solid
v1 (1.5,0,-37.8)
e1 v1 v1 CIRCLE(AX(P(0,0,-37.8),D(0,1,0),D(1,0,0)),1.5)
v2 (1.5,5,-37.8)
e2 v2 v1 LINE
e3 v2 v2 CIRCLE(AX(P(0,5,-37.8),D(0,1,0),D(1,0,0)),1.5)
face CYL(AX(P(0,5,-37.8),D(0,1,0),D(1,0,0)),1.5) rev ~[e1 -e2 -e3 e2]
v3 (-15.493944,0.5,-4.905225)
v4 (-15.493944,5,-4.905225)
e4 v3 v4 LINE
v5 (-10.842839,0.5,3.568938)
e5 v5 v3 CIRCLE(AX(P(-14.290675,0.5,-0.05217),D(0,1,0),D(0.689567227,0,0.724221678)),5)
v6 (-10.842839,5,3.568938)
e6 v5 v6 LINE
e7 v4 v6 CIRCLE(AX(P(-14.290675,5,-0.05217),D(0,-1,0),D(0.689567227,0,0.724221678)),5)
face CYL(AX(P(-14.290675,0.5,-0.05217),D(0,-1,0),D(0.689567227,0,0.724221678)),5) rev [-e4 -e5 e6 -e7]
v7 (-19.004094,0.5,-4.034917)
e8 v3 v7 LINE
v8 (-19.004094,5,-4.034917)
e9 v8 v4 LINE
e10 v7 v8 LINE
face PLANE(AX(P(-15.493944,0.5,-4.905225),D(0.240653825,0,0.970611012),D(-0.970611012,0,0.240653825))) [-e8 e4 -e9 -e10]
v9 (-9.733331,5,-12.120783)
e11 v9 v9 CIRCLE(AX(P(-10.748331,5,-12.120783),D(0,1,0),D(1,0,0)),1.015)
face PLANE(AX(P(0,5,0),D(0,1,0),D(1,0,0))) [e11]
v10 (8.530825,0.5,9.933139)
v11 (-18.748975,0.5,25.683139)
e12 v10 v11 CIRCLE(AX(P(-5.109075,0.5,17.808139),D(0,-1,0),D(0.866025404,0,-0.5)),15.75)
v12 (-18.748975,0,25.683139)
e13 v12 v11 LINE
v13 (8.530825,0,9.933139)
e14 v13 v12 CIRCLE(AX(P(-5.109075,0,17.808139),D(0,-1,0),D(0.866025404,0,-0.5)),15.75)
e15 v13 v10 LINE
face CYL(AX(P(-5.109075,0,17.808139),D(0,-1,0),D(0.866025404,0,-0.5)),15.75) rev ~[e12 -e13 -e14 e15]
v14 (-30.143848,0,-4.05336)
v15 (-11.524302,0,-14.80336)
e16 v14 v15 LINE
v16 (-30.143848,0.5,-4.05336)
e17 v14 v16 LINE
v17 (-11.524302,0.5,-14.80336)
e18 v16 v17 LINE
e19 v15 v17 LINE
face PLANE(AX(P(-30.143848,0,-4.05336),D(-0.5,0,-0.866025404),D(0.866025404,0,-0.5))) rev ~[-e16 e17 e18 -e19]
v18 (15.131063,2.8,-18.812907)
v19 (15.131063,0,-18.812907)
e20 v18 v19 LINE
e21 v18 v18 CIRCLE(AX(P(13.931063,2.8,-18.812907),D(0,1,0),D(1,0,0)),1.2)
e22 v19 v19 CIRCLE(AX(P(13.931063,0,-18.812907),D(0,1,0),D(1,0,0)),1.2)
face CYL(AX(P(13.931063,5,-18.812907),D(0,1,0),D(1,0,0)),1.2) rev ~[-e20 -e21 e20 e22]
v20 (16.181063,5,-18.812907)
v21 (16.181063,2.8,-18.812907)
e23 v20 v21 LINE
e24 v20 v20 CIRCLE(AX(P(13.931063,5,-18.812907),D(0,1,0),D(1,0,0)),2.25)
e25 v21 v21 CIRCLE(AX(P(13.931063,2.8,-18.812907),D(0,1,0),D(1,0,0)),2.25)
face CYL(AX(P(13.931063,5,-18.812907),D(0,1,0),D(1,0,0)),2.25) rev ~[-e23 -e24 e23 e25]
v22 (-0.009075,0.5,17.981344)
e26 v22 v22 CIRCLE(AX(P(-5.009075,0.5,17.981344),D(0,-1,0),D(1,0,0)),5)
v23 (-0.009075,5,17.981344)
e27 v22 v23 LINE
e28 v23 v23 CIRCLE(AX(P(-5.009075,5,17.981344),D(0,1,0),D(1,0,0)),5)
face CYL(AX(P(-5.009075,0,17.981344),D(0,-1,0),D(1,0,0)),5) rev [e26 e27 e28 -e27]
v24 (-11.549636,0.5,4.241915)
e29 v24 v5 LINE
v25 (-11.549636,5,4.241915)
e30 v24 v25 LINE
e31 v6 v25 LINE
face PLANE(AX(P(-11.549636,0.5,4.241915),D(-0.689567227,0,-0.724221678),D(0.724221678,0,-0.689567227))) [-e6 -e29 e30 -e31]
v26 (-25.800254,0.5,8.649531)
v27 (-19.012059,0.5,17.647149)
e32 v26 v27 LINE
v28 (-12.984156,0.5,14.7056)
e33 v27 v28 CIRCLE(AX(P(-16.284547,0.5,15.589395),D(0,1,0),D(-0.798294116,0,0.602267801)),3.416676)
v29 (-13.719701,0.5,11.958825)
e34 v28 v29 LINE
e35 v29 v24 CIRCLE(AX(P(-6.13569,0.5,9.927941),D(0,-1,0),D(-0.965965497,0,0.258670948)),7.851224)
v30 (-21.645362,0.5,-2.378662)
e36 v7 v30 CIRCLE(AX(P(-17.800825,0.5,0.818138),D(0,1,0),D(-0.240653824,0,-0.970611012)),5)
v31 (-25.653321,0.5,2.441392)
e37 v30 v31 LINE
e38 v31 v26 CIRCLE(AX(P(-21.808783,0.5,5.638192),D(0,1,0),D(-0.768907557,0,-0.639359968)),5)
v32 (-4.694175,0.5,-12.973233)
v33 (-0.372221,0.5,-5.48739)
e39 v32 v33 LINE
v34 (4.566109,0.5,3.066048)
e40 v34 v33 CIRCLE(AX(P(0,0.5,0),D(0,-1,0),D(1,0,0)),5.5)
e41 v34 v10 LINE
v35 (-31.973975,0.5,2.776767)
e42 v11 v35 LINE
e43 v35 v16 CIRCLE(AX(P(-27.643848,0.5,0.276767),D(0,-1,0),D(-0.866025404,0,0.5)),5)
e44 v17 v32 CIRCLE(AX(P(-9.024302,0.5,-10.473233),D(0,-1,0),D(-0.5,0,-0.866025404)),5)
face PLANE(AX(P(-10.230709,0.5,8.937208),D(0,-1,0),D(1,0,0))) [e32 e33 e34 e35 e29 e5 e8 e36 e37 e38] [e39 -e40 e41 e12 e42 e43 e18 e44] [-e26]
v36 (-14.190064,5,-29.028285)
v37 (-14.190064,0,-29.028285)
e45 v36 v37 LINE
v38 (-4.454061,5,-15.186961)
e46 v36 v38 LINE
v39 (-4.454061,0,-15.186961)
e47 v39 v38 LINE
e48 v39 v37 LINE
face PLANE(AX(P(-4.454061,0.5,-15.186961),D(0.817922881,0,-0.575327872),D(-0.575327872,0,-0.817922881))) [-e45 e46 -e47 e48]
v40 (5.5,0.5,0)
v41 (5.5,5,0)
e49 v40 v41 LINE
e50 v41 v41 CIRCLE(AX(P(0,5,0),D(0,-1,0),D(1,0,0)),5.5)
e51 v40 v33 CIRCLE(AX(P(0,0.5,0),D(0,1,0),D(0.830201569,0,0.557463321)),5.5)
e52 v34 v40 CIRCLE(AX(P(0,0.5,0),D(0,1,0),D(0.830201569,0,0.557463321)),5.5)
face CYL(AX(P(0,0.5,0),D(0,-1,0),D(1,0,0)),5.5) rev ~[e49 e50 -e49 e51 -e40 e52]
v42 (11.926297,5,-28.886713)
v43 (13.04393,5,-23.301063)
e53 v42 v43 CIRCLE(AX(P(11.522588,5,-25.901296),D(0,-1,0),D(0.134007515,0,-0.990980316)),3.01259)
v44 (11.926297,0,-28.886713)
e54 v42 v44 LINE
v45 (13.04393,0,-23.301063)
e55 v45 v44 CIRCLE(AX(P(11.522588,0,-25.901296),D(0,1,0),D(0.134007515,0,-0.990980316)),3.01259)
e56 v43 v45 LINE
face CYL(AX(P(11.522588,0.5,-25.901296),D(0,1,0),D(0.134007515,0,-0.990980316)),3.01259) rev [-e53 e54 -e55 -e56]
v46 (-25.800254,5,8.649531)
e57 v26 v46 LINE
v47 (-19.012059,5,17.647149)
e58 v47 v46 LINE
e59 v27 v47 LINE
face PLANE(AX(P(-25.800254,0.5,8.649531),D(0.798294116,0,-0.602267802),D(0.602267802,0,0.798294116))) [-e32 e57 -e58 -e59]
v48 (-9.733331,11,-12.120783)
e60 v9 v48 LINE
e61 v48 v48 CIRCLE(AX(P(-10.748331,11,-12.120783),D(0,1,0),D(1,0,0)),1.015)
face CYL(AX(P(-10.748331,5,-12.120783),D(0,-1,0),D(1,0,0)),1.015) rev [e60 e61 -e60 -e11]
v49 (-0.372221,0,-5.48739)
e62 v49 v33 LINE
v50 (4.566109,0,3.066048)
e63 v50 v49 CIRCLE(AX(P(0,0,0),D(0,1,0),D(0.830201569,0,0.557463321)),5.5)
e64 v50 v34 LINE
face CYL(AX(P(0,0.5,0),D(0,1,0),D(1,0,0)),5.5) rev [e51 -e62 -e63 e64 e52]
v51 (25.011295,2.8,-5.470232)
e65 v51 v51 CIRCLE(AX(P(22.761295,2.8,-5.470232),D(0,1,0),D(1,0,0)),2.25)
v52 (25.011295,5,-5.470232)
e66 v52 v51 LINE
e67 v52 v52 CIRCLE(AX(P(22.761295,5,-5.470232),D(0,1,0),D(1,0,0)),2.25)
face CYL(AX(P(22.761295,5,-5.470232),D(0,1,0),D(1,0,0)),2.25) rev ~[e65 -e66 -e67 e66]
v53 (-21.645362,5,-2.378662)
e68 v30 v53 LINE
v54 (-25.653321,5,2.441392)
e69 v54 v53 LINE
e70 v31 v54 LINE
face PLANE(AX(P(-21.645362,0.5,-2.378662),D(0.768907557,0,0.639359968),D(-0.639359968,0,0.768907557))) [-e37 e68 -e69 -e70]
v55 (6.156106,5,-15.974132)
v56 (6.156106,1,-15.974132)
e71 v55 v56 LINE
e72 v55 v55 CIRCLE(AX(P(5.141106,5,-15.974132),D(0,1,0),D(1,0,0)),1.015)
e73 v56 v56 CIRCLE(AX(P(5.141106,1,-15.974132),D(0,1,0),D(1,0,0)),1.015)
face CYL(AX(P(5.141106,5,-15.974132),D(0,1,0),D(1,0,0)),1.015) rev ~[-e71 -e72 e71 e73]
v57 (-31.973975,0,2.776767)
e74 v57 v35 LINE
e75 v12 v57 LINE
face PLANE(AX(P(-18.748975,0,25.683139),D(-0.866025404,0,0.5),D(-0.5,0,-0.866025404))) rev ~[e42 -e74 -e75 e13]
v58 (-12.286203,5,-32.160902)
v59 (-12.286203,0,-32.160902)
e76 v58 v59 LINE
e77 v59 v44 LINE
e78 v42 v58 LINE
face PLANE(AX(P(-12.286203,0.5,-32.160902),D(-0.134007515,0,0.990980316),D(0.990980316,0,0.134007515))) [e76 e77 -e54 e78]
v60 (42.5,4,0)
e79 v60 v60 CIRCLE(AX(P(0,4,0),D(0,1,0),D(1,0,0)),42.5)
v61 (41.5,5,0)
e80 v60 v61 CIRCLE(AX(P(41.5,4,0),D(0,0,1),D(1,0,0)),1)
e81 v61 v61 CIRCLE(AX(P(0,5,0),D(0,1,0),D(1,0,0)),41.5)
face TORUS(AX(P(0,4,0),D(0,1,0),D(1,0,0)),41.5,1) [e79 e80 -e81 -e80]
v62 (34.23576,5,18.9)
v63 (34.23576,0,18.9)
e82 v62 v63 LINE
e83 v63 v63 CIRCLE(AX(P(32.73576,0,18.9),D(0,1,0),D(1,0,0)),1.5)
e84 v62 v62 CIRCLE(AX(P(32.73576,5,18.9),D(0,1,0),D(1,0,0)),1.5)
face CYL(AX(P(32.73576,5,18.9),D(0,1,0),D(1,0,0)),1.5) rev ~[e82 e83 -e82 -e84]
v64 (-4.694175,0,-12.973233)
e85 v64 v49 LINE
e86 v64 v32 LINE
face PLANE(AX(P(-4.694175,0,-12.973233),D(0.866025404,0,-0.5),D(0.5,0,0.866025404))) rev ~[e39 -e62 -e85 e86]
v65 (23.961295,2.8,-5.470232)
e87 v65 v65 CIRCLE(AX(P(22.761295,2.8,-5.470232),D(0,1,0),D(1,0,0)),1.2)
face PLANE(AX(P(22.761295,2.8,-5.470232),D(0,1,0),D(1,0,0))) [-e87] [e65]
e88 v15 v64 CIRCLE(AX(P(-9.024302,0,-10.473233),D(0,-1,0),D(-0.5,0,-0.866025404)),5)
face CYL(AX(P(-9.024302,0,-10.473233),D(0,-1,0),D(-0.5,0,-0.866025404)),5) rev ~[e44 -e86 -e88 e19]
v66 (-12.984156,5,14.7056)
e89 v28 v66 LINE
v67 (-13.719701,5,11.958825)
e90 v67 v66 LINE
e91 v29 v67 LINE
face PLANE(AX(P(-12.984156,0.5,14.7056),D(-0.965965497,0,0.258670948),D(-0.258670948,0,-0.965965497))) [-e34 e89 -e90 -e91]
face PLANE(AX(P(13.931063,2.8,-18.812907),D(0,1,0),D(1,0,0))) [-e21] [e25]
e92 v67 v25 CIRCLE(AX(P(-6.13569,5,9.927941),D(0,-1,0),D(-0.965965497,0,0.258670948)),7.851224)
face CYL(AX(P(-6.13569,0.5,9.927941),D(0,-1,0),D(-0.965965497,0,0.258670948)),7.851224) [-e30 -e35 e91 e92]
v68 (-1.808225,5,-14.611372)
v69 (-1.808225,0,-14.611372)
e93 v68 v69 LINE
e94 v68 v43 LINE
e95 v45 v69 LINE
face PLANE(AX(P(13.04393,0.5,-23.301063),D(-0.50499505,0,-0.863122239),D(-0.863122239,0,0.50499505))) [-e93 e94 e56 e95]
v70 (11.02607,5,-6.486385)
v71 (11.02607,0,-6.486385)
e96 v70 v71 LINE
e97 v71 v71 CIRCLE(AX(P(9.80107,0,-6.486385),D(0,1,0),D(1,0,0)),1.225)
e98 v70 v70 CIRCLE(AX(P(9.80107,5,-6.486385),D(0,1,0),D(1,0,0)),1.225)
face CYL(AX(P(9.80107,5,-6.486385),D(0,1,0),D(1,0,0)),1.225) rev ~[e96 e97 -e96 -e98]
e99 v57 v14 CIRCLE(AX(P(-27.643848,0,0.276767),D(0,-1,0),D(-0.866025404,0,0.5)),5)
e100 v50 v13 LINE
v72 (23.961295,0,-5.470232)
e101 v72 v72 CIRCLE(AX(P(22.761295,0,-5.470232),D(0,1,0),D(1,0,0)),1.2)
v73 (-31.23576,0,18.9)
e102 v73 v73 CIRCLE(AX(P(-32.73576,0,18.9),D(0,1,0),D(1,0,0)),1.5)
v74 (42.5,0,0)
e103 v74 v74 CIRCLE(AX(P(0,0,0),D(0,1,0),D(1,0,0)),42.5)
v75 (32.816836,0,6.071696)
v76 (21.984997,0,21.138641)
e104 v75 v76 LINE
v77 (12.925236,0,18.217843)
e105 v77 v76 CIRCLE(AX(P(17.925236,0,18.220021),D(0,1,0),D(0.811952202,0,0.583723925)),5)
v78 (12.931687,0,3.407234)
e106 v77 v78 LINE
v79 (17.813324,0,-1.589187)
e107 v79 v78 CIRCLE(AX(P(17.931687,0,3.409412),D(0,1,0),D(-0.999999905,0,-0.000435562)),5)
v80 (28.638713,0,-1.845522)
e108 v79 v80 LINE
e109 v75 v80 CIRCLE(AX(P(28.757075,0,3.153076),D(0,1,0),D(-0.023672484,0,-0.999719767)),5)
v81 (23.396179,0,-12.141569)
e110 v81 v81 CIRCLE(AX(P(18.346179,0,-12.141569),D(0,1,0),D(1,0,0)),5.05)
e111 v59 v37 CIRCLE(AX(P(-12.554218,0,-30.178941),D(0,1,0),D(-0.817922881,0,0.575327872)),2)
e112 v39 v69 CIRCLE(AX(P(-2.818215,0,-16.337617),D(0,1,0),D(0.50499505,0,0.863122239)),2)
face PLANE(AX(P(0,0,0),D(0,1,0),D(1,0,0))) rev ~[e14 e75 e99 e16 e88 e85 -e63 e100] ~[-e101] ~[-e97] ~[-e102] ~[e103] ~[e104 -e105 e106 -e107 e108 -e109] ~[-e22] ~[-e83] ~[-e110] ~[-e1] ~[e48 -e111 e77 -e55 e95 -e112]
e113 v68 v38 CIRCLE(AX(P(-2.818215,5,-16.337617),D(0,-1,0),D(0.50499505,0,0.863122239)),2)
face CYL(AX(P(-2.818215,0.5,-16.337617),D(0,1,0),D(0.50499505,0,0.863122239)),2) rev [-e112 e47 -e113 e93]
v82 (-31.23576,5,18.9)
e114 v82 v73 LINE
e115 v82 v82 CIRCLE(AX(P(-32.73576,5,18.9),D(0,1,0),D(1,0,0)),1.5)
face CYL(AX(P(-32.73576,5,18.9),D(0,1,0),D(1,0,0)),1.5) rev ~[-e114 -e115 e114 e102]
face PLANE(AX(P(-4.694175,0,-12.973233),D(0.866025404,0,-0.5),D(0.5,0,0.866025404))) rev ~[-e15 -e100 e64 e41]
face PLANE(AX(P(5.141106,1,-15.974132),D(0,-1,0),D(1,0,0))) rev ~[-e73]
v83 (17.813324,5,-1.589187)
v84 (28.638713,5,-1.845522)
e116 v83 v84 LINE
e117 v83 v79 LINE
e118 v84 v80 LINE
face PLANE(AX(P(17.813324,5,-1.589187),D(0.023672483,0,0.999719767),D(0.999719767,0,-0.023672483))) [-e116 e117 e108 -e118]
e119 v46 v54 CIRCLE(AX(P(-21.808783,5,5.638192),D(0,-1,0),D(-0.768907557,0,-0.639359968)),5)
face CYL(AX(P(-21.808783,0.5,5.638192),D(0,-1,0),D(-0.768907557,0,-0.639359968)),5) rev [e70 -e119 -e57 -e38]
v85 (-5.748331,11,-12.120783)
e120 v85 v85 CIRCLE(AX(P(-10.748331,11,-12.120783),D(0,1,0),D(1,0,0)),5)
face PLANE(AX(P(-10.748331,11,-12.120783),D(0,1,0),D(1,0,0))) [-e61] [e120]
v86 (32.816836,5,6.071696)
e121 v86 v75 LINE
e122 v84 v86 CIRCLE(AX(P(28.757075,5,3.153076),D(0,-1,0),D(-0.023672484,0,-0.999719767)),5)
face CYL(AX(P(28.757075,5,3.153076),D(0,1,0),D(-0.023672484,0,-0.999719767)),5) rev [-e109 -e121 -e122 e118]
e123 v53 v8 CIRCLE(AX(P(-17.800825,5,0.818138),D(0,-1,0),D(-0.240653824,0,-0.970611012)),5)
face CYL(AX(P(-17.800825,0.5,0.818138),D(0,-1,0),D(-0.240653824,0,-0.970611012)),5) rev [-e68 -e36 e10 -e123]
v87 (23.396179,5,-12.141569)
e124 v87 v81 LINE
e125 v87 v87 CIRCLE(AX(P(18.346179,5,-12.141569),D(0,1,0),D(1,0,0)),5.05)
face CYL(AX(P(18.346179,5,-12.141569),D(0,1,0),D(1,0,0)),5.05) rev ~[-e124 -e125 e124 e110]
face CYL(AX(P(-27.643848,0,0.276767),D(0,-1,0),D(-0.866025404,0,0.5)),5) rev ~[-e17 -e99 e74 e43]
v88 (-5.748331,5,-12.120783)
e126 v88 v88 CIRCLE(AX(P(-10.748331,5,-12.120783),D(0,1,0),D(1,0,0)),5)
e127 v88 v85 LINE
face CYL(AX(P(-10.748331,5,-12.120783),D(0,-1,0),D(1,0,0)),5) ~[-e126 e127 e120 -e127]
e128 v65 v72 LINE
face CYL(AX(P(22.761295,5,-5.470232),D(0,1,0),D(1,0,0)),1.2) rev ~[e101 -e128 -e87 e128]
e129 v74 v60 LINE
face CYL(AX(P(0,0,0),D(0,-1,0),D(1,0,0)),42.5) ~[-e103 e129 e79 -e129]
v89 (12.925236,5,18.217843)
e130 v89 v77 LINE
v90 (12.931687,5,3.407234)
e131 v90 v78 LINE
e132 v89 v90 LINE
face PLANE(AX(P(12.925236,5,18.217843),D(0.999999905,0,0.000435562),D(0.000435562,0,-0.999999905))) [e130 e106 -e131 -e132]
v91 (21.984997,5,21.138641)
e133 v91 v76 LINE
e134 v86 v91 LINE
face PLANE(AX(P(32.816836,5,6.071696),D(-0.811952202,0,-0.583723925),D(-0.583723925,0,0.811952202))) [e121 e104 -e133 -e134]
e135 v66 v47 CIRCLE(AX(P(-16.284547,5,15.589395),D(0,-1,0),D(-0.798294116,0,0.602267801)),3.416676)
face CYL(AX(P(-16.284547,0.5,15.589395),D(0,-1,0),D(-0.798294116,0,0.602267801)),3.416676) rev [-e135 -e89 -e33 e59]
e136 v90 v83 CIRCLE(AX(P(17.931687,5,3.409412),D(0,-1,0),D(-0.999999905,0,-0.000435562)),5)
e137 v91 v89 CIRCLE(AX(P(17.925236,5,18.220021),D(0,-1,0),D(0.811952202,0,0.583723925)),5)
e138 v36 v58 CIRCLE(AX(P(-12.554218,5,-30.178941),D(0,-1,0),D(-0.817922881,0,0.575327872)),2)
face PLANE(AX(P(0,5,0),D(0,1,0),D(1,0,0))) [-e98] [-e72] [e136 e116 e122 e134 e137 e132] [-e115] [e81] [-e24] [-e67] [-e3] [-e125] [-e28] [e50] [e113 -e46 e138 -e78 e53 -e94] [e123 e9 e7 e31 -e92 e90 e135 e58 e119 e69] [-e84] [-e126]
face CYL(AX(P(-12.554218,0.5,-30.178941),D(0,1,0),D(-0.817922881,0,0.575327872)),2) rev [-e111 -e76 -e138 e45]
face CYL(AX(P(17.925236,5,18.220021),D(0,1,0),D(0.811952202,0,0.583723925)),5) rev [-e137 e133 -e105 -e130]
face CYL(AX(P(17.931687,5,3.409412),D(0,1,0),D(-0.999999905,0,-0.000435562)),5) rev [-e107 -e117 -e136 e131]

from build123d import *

# Parameters (mm, degrees)
SKETCH1_R                = 42.5
SKETCH1_R_2              = 5
BOSS_EXTRUDE1_DEPTH      = 5
SKETCH2_R                = 1.2
SKETCH2_R_2              = 1.225
SKETCH2_R_3              = 5.05
SKETCH2_R_4              = 1.015
CUT_EXTRUDE1_DEPTH       = 10
SKETCH5_R                = 5
SKETCH5_R_2              = 1.015
BOSS_EXTRUDE2_DEPTH      = 6
SKETCH9_R                = 2.357259082
BOSS_EXTRUDE4_DEPTH      = 1
FILLET1_R                = 1
SKETCH10_R               = 1.5
CUT_EXTRUDE3_DEPTH       = 2.2
CUT_EXTRUDE3_DEPTH_BACK  = 16
CUT_EXTRUDE6_DEPTH       = 0.5
CUT_EXTRUDE7_DEPTH       = 10
CUT_EXTRUDE8_DEPTH       = 10
CUT_EXTRUDE8_DEPTH_BACK  = 10
CUT_EXTRUDE9_DEPTH       = 10
CUT_EXTRUDE9_DEPTH_BACK  = 10
SKETCH17_R               = 5.5
CUT_EXTRUDE10_DEPTH      = 10
CUT_EXTRUDE10_DEPTH_BACK = 10
SKETCH18_R               = 2.25
CUT_EXTRUDE11_DEPTH      = 2.2


with BuildPart() as part:
    # Sketch1 → Boss-Extrude1 (new body)
    with BuildSketch(Plane(origin=(0, 0, 0), x_dir=(1, 0, 0), z_dir=(0, 1, 0))):
        Circle(SKETCH1_R)
        with Locations((-5.00907497, -17.981343775)):
            Circle(SKETCH1_R_2, mode=Mode.SUBTRACT)
    extrude(amount=BOSS_EXTRUDE1_DEPTH)

    # Sketch2 → Cut-Extrude1 (cut)
    with BuildSketch(Plane(origin=(0, 5, 0), x_dir=(1, 0, 0), z_dir=(0, 1, 0))):
        with Locations((22.761295372, 5.470231528)):
            Circle(SKETCH2_R)
        with Locations((13.931063063, 18.812907323)):
            Circle(SKETCH2_R)
        with Locations((9.801070346, 6.486384692)):
            Circle(SKETCH2_R_2)
        with Locations((18.346179218, 12.141569425)):
            Circle(SKETCH2_R_3)
        with Locations((5.141105692, 15.974131645)):
            Circle(SKETCH2_R_4)
    extrude(amount=-CUT_EXTRUDE1_DEPTH, mode=Mode.SUBTRACT)

    # Sketch5 → Boss-Extrude2 (add)
    with BuildSketch(Plane(origin=(0, 5, 0), x_dir=(1, 0, 0), z_dir=(0, 1, 0))):
        with Locations((-10.748331153, 12.120782872)):
            Circle(SKETCH5_R)
        with Locations((-10.748331153, 12.120782872)):
            Circle(SKETCH5_R_2, mode=Mode.SUBTRACT)
    extrude(amount=BOSS_EXTRUDE2_DEPTH)

    # Sketch9 → Boss-Extrude4 (add)
    with BuildSketch(Plane.XZ):
        with Locations((5.141105692, -15.974131645)):
            Circle(SKETCH9_R)
    extrude(amount=-BOSS_EXTRUDE4_DEPTH)

    # Fillet1
    fillet1_edges = [part.edges().sort_by_distance(p)[0] for p in [
        (-42.5, 5, 0),
    ]]
    fillet(fillet1_edges, radius=FILLET1_R)

    # Sketch10 → Cut-Extrude3 (cut, two sides)
    with BuildSketch(Plane(origin=(0, 5, 0), x_dir=(1, 0, 0), z_dir=(0, 1, 0))) as cut_extrude3_sk:
        with Locations((0, 37.8)):
            Circle(SKETCH10_R)
        with Locations((-32.735760263, -18.9)):
            Circle(SKETCH10_R)
        with Locations((32.735760263, -18.9)):
            Circle(SKETCH10_R)
    extrude(amount=CUT_EXTRUDE3_DEPTH, mode=Mode.SUBTRACT)
    extrude(cut_extrude3_sk.sketch, amount=-CUT_EXTRUDE3_DEPTH_BACK, mode=Mode.SUBTRACT)

    # Sketch12 → Cut-Extrude6 (cut)
    with BuildSketch(Plane.XZ):
        with BuildLine():
            Line((-18.74897508, 25.683138694), (-31.97397508, 2.776766764))
            ThreePointArc((-31.97397508, 2.776766764), (-32.473477192, -1.017328462), (-30.143848061, -4.053360255))
            Line((-30.143848061, -4.053360255), (-11.524301879, -14.803360255))
            ThreePointArc((-11.524301879, -14.803360255), (-7.730206654, -15.302862368), (-4.694174861, -12.973233236))
            Line((-4.694174861, -12.973233236), (8.530825139, 9.933138694))
            ThreePointArc((8.530825139, 9.933138694), (2.76592503, 31.448038804), (-18.74897508, 25.683138694))
        make_face()
    extrude(amount=-CUT_EXTRUDE6_DEPTH, mode=Mode.SUBTRACT)

    # Sketch13 → Cut-Extrude7 (cut)
    with BuildSketch(Plane(origin=(0, 5, 0), x_dir=(1, 0, 0), z_dir=(0, 1, 0))):
        with BuildLine():
            Line((32.816836472, -6.07169605), (21.984996749, -21.138640776))
            ThreePointArc((21.984996749, -21.138640776), (16.391033491, -22.978825985), (12.925236211, -18.21784334))
            Line((12.925236211, -18.21784334), (12.931687147, -3.407234286))
            ThreePointArc((12.931687147, -3.407234286), (14.35531099, 0.084802692), (17.813324255, 1.589186743))
            Line((17.813324255, 1.589186743), (28.638713042, 1.845522414))
            ThreePointArc((28.638713042, 1.845522414), (33.179093412, -0.819461796), (32.816836472, -6.07169605))
        make_face()
    extrude(amount=-CUT_EXTRUDE7_DEPTH, mode=Mode.SUBTRACT)

    # Sketch15 → Cut-Extrude8 (cut, two sides)
    with BuildSketch(Plane.XZ.offset(-0.5)) as cut_extrude8_sk:
        with BuildLine():
            Line((-4.454061063, -15.186961023), (-14.190064184, -29.028285448))
            ThreePointArc((-14.190064184, -29.028285448), (-14.263329759, -31.217660805), (-12.286203391, -32.160901823))
            Line((-12.286203391, -32.160901823), (11.926297184, -28.886712635))
            ThreePointArc((11.926297184, -28.886712635), (14.476623444, -26.492368994), (13.043930349, -23.301062679))
            Line((13.043930349, -23.301062679), (-1.808225202, -14.611372289))
            ThreePointArc((-1.808225202, -14.611372289), (-3.243361659, -14.383326468), (-4.454061063, -15.186961023))
        make_face()
    extrude(amount=CUT_EXTRUDE8_DEPTH, mode=Mode.SUBTRACT)
    extrude(cut_extrude8_sk.sketch, amount=-CUT_EXTRUDE8_DEPTH_BACK, mode=Mode.SUBTRACT)

    # Sketch16 → Cut-Extrude9 (cut, two sides)
    with BuildSketch(Plane.XZ.offset(-0.5)) as cut_extrude9_sk:
        with BuildLine():
            Line((-12.984156175, 14.705600426), (-13.719701132, 11.95882482))
            ThreePointArc((-13.719701132, 11.95882482), (-13.693758532, 7.802544191), (-11.54963643, 4.241914739))
            Line((-11.54963643, 4.241914739), (-10.842839117, 3.568938111))
            ThreePointArc((-10.842839117, 3.568938111), (-9.907482144, -2.457917187), (-15.493944375, -4.905225341))
            Line((-15.493944375, -4.905225341), (-19.004093622, -4.034917019))
            ThreePointArc((-19.004093622, -4.034917019), (-20.457115896, -3.417911536), (-21.645362284, -2.3786618))
            Line((-21.645362284, -2.3786618), (-25.653320737, 2.441392154))
            ThreePointArc((-25.653320737, 2.441392154), (-26.807383132, 5.519886283), (-25.80025353, 8.649531003))
            Line((-25.80025353, 8.649531003), (-19.012059198, 17.647148968))
            ThreePointArc((-19.012059198, 17.647148968), (-14.786139745, 18.659973084), (-12.984156175, 14.705600426))
        make_face()
    extrude(amount=CUT_EXTRUDE9_DEPTH, mode=Mode.SUBTRACT)
    extrude(cut_extrude9_sk.sketch, amount=-CUT_EXTRUDE9_DEPTH_BACK, mode=Mode.SUBTRACT)

    # Sketch17 → Cut-Extrude10 (cut, two sides)
    with BuildSketch(Plane.XZ.offset(-0.5)) as cut_extrude10_sk:
        Circle(SKETCH17_R)
    extrude(amount=CUT_EXTRUDE10_DEPTH, mode=Mode.SUBTRACT)
    extrude(cut_extrude10_sk.sketch, amount=-CUT_EXTRUDE10_DEPTH_BACK, mode=Mode.SUBTRACT)

    # Sketch18 → Cut-Extrude11 (cut)
    with BuildSketch(Plane(origin=(0, 5, 0), x_dir=(1, 0, 0), z_dir=(0, 1, 0))):
        with Locations((13.931063063, 18.812907323)):
            Circle(SKETCH18_R)
        with Locations((22.761295372, 5.470231528)):
            Circle(SKETCH18_R)
    extrude(amount=-CUT_EXTRUDE11_DEPTH, mode=Mode.SUBTRACT)


solid = part.part
